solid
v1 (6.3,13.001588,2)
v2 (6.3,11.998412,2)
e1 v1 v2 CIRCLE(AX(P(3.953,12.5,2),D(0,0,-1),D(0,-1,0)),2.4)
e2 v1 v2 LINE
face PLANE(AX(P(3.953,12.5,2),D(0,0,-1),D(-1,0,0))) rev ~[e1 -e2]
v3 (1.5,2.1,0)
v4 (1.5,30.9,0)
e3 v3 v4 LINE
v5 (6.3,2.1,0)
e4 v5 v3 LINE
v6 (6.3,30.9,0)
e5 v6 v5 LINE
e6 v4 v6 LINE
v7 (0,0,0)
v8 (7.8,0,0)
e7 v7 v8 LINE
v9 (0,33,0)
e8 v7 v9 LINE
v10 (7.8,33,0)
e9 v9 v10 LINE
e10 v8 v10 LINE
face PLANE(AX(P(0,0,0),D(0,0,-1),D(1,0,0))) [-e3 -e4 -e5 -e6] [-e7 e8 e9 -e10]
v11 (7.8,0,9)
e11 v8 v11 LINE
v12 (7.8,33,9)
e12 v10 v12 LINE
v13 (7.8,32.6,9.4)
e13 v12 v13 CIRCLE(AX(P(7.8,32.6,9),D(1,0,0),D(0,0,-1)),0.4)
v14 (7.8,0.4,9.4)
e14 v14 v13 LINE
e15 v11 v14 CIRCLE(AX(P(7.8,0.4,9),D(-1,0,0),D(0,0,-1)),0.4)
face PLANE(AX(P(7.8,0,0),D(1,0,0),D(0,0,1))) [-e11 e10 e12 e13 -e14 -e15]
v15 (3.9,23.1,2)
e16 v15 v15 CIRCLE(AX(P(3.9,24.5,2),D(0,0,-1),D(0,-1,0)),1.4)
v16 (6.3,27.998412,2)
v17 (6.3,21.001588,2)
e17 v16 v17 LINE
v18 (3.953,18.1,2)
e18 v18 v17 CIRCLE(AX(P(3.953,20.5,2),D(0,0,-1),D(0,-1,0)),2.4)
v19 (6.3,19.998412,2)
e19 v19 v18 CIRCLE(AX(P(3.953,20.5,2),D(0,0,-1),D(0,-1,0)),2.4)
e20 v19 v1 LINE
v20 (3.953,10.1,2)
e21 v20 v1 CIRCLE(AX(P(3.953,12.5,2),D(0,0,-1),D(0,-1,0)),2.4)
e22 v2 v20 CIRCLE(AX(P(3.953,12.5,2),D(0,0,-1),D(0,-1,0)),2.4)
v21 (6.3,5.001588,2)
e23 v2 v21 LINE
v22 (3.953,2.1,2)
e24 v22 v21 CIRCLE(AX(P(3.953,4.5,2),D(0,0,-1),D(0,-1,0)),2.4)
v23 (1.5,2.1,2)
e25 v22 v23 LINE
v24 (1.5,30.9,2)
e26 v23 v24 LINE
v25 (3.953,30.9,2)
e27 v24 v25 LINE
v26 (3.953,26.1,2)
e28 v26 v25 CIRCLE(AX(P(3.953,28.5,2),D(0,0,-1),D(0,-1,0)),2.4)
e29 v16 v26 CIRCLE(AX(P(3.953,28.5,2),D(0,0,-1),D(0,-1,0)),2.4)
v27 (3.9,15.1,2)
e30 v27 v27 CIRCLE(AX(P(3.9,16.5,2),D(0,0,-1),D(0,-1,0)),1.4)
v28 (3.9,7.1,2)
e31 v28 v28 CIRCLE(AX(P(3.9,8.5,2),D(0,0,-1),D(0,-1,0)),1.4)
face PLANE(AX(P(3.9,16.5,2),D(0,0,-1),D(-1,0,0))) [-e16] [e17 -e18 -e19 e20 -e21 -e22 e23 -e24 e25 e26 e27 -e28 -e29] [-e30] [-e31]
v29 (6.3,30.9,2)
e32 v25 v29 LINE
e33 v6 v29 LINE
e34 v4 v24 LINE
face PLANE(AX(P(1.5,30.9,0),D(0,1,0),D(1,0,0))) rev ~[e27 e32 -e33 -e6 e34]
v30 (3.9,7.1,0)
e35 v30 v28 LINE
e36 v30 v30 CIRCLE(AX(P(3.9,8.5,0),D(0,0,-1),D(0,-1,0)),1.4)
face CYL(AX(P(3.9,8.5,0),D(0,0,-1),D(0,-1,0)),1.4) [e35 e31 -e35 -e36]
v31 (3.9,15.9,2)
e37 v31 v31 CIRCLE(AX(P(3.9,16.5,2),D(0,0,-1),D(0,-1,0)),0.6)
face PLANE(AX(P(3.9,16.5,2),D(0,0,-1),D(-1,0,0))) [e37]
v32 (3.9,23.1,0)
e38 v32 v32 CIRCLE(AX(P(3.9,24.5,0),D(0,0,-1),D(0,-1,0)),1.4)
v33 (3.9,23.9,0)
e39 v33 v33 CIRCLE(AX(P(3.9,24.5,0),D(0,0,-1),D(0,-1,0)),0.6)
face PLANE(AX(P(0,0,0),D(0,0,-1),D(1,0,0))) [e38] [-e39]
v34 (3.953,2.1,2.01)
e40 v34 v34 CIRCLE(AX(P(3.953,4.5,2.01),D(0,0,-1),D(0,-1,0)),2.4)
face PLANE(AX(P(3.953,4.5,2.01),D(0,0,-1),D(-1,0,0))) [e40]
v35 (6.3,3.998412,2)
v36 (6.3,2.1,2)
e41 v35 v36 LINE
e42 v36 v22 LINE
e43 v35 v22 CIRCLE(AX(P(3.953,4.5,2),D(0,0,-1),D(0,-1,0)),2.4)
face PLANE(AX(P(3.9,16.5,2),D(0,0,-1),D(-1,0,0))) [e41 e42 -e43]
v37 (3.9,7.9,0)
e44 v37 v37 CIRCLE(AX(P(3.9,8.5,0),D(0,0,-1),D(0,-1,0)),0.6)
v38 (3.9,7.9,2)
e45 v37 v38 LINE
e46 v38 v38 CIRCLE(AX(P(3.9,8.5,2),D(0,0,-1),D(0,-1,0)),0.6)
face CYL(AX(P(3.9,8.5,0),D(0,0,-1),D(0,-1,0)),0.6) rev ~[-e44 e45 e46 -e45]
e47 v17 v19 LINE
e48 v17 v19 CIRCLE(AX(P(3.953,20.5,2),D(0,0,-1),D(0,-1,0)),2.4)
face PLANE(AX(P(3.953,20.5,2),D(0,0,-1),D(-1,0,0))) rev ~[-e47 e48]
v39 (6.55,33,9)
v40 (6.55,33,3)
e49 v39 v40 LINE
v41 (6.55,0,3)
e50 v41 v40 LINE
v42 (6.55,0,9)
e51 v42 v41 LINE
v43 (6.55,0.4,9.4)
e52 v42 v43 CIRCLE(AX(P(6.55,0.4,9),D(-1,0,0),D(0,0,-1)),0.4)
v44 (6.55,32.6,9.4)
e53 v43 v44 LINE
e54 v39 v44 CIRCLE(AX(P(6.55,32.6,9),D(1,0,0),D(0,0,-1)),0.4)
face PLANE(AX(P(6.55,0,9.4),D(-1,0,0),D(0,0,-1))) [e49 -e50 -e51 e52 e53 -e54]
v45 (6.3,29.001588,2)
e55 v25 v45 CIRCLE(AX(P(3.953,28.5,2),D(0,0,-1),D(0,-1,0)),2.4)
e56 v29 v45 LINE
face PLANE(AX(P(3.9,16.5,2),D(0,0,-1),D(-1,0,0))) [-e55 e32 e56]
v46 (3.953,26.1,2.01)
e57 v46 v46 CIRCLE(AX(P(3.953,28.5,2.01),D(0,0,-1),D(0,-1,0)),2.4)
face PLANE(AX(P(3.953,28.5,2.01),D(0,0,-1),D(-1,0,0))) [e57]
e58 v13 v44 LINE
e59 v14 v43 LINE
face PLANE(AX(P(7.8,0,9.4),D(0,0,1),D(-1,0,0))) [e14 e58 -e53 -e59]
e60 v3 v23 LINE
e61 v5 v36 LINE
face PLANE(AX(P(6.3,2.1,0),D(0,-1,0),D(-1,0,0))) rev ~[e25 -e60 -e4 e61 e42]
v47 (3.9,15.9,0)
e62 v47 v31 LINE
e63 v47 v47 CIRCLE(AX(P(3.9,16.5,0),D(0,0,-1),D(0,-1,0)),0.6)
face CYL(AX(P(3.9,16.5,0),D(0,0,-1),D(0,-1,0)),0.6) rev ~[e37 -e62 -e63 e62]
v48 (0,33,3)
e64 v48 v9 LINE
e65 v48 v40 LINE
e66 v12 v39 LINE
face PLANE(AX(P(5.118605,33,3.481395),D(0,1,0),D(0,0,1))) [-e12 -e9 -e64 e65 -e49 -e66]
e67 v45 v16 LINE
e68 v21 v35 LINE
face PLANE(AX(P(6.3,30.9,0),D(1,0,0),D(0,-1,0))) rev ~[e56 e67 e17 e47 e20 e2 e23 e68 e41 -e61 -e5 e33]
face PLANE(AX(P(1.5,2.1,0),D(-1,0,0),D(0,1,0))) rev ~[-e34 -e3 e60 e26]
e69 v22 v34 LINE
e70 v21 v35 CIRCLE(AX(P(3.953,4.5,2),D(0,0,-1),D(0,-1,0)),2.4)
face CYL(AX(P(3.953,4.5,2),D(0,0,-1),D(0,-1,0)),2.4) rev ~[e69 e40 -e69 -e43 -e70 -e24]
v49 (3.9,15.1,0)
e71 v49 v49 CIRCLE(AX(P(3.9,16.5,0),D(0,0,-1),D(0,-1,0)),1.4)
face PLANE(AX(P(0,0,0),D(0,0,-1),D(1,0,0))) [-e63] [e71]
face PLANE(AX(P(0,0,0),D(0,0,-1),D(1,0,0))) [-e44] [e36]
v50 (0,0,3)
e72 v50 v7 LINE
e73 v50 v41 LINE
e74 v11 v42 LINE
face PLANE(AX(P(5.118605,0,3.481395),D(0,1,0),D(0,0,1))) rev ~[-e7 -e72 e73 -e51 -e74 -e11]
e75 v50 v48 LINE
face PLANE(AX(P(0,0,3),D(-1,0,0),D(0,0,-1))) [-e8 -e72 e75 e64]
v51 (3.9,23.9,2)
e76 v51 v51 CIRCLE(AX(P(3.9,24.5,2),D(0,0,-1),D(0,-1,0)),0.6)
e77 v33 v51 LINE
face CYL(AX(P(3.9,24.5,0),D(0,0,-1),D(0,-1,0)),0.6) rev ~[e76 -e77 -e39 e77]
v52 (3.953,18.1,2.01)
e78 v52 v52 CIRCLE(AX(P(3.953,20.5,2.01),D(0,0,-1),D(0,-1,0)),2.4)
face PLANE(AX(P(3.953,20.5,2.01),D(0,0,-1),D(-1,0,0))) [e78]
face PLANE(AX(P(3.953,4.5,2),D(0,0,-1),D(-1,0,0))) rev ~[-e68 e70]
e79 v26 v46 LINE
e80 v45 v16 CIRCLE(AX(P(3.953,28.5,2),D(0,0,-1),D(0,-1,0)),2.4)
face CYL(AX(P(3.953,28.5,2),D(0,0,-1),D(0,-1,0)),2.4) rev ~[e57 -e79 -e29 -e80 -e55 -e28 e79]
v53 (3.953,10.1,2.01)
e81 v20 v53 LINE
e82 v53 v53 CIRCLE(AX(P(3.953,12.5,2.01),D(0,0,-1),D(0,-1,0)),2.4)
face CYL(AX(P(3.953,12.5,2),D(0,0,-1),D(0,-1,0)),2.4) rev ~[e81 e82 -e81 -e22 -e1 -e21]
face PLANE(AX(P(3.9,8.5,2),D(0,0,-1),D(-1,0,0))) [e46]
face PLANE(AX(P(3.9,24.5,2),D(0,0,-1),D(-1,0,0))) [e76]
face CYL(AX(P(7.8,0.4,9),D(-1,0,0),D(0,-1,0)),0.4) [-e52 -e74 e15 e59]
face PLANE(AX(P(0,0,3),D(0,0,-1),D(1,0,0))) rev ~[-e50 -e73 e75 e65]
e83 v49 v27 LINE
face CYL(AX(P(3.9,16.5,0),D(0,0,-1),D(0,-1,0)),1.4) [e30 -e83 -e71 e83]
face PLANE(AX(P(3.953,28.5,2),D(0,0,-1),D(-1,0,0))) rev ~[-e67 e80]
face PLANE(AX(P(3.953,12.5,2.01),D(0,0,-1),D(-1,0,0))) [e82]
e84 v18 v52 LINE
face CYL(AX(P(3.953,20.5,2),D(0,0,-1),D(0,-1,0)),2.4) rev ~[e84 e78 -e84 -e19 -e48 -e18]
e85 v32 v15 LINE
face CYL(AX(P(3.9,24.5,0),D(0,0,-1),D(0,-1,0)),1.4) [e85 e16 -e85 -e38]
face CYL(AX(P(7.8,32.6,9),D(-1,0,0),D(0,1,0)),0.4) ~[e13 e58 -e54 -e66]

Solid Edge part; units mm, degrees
sketch "Sketch1" plane through (0, 0, 0) normal (0, -1, 0) x (1, 0, 0)
  line L0 (0, 3) -> (6.55, 3)
  line L1 (6.55, 9.4) -> (6.55, 3)
  line L2 (7.8, 9.4) -> (6.55, 9.4)
  line L3 (7.8, 0) -> (7.8, 9.4)
  line L4 (0, 0) -> (7.8, 0)
  line L5 (0, 3) -> (0, 0)
  dimension "D1" = 6.55
  dimension "D2" = 9.4
extrude "Protrusion1" add sketch "Sketch1" against normal blind 33
sketch "Sketch2" plane through (3.9, 16.5, 0) normal (0, 0, -1) x (0, -1, 0)
  line L0 (-14.4, -2.4) -> (14.4, -2.4)
  line L1 (14.4, -2.4) -> (14.4, 2.4)
  line L2 (14.4, 2.4) -> (-14.4, 2.4)
  line L3 (-14.4, 2.4) -> (-14.4, -2.4)
  circle A0 centre (-8, 0) radius 1.4
  circle A1 centre (0, 0) radius 1.4
  circle A2 centre (8, 0) radius 1.4
  circle A3 centre (-8, 0) radius 0.6
  circle A4 centre (0, 0) radius 0.6
  circle A5 centre (8, 0) radius 0.6
  dimension "D1" = 28.8
  dimension "D2" = 4.8
  dimension "D3" = 2.8
  dimension "D4" = 2.8
  dimension "D5" = 2.8
  dimension "D6" = 1.2
  dimension "D7" = 1.2
  dimension "D8" = 1.2
extrude "ExtrudedCutout_1" cut sketch "Sketch2" against normal blind 2
fillet "Round_1" radius 0.4 2 edges at (7.175, 33, 9.4) (7.175, 0, 9.4)
sketch "Sketch3" plane through (3.9, 16.5, 2) normal (0, 0, -1) x (0, -1, 0)
  circle A0 centre (-12, -0.053) radius 2.4
  circle A1 centre (-4, -0.053) radius 2.4
  circle A2 centre (4, -0.053) radius 2.4
  circle A3 centre (12, -0.053) radius 2.4
  dimension "D1" = 4.8
  dimension "D2" = 4.8
  dimension "D3" = 4.8
  dimension "D4" = 4.8
extrude "ExtrudedCutout_2" cut sketch "Sketch3" against normal blind 0.01
